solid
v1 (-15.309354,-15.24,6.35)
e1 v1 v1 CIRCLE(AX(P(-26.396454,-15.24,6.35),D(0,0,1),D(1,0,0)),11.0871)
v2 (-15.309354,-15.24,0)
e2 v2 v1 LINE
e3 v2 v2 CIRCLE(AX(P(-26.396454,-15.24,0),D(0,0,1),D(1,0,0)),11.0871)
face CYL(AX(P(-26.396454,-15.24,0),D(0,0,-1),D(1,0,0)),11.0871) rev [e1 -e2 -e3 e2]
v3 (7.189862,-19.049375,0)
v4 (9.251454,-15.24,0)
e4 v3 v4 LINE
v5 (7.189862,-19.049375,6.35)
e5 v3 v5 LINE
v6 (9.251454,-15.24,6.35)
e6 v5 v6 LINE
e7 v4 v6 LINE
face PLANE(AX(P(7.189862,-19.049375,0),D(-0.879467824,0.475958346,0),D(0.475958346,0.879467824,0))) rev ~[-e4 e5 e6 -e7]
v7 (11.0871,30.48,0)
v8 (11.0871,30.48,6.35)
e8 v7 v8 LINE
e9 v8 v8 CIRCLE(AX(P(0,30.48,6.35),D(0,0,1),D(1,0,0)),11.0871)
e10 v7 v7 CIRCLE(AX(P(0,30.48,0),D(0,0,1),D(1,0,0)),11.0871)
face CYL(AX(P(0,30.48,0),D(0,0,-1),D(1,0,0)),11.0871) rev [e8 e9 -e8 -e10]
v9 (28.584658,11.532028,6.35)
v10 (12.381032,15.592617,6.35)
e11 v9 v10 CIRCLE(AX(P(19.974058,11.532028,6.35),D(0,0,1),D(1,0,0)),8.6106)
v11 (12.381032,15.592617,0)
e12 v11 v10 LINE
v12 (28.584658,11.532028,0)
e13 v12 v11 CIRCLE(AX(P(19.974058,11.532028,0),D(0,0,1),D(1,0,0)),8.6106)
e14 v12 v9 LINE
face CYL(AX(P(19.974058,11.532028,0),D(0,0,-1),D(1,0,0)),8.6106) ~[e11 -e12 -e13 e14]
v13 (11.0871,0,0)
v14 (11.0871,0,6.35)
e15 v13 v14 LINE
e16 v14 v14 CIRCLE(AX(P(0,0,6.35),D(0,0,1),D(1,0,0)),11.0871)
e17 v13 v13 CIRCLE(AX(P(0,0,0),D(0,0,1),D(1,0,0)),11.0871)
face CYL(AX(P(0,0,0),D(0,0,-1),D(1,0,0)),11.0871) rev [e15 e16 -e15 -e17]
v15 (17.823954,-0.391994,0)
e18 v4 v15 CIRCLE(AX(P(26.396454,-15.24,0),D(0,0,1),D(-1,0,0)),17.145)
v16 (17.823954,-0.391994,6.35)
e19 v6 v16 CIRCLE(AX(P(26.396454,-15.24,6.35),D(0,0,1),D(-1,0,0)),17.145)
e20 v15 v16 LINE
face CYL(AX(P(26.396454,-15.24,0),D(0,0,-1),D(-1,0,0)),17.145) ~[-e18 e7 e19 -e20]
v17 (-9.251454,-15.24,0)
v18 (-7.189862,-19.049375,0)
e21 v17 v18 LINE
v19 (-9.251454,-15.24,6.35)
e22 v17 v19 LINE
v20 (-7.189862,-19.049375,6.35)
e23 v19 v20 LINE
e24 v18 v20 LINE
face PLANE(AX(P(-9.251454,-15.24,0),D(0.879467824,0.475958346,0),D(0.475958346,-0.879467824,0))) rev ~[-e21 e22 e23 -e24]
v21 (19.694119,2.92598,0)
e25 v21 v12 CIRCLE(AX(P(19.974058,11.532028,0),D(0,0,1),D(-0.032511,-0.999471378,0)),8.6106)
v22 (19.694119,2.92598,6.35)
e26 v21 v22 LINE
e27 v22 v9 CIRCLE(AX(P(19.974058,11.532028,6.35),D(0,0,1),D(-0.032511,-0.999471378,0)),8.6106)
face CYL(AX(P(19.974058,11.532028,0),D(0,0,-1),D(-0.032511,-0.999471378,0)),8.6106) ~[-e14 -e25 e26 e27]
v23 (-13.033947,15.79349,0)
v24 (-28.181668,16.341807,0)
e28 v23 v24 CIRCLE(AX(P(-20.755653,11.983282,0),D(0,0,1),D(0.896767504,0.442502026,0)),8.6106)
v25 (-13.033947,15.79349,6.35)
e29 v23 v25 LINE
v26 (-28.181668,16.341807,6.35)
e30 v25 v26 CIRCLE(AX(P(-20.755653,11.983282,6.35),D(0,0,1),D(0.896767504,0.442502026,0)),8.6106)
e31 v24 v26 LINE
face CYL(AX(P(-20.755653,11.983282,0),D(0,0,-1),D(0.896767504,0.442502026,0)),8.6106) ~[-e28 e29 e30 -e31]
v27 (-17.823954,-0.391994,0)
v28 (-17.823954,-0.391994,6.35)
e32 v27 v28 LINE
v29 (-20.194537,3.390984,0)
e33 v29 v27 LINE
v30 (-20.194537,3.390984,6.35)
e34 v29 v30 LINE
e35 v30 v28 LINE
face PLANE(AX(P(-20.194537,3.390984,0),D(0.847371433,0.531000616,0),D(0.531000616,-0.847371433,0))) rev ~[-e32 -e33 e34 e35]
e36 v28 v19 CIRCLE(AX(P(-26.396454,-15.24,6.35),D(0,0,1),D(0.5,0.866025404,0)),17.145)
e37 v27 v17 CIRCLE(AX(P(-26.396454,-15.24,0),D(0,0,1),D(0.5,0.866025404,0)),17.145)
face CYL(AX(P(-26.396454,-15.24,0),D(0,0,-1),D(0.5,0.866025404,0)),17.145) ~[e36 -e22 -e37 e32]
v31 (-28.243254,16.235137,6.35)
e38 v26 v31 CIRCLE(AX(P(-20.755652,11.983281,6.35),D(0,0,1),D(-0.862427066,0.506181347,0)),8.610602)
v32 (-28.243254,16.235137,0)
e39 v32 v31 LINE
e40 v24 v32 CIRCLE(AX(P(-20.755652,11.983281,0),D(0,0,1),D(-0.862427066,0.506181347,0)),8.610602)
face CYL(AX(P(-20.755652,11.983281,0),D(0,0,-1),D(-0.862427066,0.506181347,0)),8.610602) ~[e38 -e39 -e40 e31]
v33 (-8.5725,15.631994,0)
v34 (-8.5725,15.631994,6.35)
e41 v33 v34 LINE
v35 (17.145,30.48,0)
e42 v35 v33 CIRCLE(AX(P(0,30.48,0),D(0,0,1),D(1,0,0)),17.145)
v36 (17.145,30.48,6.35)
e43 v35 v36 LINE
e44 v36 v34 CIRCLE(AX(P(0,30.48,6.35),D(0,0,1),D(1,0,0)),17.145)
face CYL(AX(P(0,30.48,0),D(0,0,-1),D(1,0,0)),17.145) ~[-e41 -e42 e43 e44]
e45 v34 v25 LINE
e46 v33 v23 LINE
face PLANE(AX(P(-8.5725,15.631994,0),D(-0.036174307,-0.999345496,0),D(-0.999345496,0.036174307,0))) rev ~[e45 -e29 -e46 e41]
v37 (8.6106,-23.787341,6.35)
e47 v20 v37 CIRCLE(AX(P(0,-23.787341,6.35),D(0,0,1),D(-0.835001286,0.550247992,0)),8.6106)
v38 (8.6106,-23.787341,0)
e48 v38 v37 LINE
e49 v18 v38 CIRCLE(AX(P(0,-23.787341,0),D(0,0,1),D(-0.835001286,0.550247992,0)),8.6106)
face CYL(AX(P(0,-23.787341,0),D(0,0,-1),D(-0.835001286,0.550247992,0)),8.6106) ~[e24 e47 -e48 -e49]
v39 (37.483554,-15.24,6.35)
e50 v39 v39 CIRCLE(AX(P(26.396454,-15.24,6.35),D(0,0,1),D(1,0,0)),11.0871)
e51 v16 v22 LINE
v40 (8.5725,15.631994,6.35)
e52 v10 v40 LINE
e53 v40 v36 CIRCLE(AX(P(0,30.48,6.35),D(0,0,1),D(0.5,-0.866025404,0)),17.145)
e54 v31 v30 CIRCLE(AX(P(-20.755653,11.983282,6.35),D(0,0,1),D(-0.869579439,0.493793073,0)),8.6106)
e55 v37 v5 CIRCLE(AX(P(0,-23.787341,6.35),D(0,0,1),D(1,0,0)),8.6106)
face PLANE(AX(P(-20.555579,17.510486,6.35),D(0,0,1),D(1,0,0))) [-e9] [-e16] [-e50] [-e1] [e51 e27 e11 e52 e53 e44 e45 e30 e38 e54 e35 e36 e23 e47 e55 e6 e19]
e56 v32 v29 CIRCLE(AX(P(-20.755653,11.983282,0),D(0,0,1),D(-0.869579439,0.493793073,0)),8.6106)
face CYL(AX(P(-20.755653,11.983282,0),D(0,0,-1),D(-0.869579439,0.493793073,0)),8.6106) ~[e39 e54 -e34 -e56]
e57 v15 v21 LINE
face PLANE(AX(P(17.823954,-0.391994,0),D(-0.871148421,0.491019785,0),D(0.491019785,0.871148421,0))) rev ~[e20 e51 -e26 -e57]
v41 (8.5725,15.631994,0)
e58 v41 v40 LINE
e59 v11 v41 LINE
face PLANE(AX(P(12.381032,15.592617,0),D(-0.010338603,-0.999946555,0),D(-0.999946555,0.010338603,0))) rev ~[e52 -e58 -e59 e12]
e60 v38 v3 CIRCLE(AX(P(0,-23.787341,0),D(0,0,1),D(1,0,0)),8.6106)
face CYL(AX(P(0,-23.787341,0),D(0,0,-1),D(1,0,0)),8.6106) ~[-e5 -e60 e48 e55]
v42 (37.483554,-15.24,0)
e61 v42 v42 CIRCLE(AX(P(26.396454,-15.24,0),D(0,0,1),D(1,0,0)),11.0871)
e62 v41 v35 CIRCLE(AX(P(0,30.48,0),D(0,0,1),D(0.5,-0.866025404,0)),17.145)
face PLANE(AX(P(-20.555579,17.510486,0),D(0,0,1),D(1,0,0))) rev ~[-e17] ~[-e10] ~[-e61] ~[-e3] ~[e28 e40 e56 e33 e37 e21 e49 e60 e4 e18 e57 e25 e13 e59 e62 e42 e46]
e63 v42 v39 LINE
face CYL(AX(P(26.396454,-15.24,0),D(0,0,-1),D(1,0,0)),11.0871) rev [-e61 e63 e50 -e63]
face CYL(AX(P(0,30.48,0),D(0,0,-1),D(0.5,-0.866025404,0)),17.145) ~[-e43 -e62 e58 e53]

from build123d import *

# Parameters (mm, degrees)
F0_R     = 11.0871
F1_DEPTH = 6.35


with BuildPart() as f1:
    # F0 (on Top) → F1 (new body)
    with BuildSketch(Plane.XY):
        with BuildLine():
            ThreePointArc((-13.0339469136, 15.7934899008), (-20.444170701, 20.5882462787), (-28.1816676724, 16.341807074))
            Line((-28.1816676724, 16.341807074), (-13.0339469136, 15.7934899008))
        make_face()
        with BuildLine():
            ThreePointArc((-28.243253906, 16.2351365883), (-28.0520296472, 7.411048047), (-20.1945369253, 3.3909841884))
            Line((-20.1945369253, 3.3909841884), (-28.243253906, 16.2351365883))
        make_face()
        with BuildLine():
            Line((-28.243253906, 16.2351365883), (-20.1945369253, 3.3909841884))
            ThreePointArc((-20.1945369253, 3.3909841884), (-14.4717857453, 6.0963946326), (-12.1450531866, 11.9832819545))
            ThreePointArc((-12.1450531866, 11.9832819545), (-12.3702206875, 13.9395422038), (-13.0339469136, 15.7934899008))
            Line((-13.0339469136, 15.7934899008), (-28.1816676724, 16.341807074))
            ThreePointArc((-28.1816676724, 16.341807074), (-28.2126515284, 16.2885819545), (-28.243253906, 16.2351365883))
        make_face()
        with BuildLine():
            ThreePointArc((-17.8239543073, -0.3919944521), (-11.5484487595, -6.6675), (-9.2514543073, -15.24))
            Line((-9.2514543073, -15.24), (-7.1898620727, -19.049375442))
            ThreePointArc((-7.1898620727, -19.049375442), (0, -15.1767408002), (7.1898620727, -19.049375442))
            Line((7.1898620727, -19.049375442), (9.2514543073, -15.24))
            ThreePointArc((9.2514543073, -15.24), (11.5484487595, -6.6675), (17.8239543073, -0.3919944521))
            Line((17.8239543073, -0.3919944521), (19.694118844, 2.9259795547))
            ThreePointArc((19.694118844, 2.9259795547), (12.5170597213, 7.2267277996), (12.3810320473, 15.5926174467))
            Line((12.3810320473, 15.5926174467), (8.5725, 15.6319944521))
            ThreePointArc((8.5725, 15.6319944521), (0, 13.335), (-8.5725, 15.6319944521))
            Line((-8.5725, 15.6319944521), (-13.0339469136, 15.7934899008))
            ThreePointArc((-13.0339469136, 15.7934899008), (-12.3702206875, 13.9395422038), (-12.1450531866, 11.9832819545))
            ThreePointArc((-12.1450531866, 11.9832819545), (-14.4717857453, 6.0963946326), (-20.1945369253, 3.3909841884))
            Line((-20.1945369253, 3.3909841884), (-17.8239543073, -0.3919944521))
        make_face()
        Circle(F0_R, mode=Mode.SUBTRACT)
        with BuildLine():
            ThreePointArc((17.145, 30.48), (-8.5725, 45.3280055479), (-8.5725, 15.6319944521))
            ThreePointArc((-8.5725, 15.6319944521), (0, 13.335), (8.5725, 15.6319944521))
            ThreePointArc((8.5725, 15.6319944521), (14.8480055479, 21.9075), (17.145, 30.48))
        make_face()
        with Locations((0, 30.48)):
            Circle(F0_R, mode=Mode.SUBTRACT)
        with BuildLine():
            ThreePointArc((12.3810320473, 15.5926174467), (12.5170597213, 7.2267277996), (19.694118844, 2.9259795547))
            Line((19.694118844, 2.9259795547), (26.7498889727, 15.4440555992))
            Line((26.7498889727, 15.4440555992), (12.3810320473, 15.5926174467))
        make_face()
        with BuildLine():
            Line((26.7498889727, 15.4440555992), (19.694118844, 2.9259795547))
            ThreePointArc((19.694118844, 2.9259795547), (25.9628804733, 5.3452323043), (28.5846580632, 11.5320277996))
            ThreePointArc((28.5846580632, 11.5320277996), (22.0671326614, 19.8843610716), (12.3810320473, 15.5926174467))
            Line((12.3810320473, 15.5926174467), (26.7498889727, 15.4440555992))
        make_face()
        with BuildLine():
            ThreePointArc((17.8239543073, -0.3919944521), (11.5484487595, -6.6675), (9.2514543073, -15.24))
            ThreePointArc((9.2514543073, -15.24), (26.3964543073, -32.385), (43.5414543073, -15.24))
            ThreePointArc((43.5414543073, -15.24), (34.9689543073, -0.3919944521), (17.8239543073, -0.3919944521))
        make_face()
        with Locations((26.3964543073, -15.24)):
            Circle(F0_R, mode=Mode.SUBTRACT)
        with BuildLine():
            ThreePointArc((-17.8239543073, -0.3919944521), (-41.2444598552, -23.8125), (-9.2514543073, -15.24))
            ThreePointArc((-9.2514543073, -15.24), (-11.5484487595, -6.6675), (-17.8239543073, -0.3919944521))
        make_face()
        with Locations((-26.3964543073, -15.24)):
            Circle(F0_R, mode=Mode.SUBTRACT)
        with BuildLine():
            ThreePointArc((7.1898620727, -19.049375442), (0, -15.1767408002), (-7.1898620727, -19.049375442))
            Line((-7.1898620727, -19.049375442), (0, -32.3346816003))
            Line((0, -32.3346816003), (7.1898620727, -19.049375442))
        make_face()
        with BuildLine():
            Line((0, -32.3346816003), (-7.1898620727, -19.049375442))
            ThreePointArc((-7.1898620727, -19.049375442), (-2.4731969186, -32.0351119756), (8.6106, -23.7873408002))
            ThreePointArc((8.6106, -23.7873408002), (8.2477711754, -21.3141438815), (7.1898620727, -19.049375442))
            Line((7.1898620727, -19.049375442), (0, -32.3346816003))
        make_face()
    extrude(amount=F1_DEPTH)


solid = f1.part
